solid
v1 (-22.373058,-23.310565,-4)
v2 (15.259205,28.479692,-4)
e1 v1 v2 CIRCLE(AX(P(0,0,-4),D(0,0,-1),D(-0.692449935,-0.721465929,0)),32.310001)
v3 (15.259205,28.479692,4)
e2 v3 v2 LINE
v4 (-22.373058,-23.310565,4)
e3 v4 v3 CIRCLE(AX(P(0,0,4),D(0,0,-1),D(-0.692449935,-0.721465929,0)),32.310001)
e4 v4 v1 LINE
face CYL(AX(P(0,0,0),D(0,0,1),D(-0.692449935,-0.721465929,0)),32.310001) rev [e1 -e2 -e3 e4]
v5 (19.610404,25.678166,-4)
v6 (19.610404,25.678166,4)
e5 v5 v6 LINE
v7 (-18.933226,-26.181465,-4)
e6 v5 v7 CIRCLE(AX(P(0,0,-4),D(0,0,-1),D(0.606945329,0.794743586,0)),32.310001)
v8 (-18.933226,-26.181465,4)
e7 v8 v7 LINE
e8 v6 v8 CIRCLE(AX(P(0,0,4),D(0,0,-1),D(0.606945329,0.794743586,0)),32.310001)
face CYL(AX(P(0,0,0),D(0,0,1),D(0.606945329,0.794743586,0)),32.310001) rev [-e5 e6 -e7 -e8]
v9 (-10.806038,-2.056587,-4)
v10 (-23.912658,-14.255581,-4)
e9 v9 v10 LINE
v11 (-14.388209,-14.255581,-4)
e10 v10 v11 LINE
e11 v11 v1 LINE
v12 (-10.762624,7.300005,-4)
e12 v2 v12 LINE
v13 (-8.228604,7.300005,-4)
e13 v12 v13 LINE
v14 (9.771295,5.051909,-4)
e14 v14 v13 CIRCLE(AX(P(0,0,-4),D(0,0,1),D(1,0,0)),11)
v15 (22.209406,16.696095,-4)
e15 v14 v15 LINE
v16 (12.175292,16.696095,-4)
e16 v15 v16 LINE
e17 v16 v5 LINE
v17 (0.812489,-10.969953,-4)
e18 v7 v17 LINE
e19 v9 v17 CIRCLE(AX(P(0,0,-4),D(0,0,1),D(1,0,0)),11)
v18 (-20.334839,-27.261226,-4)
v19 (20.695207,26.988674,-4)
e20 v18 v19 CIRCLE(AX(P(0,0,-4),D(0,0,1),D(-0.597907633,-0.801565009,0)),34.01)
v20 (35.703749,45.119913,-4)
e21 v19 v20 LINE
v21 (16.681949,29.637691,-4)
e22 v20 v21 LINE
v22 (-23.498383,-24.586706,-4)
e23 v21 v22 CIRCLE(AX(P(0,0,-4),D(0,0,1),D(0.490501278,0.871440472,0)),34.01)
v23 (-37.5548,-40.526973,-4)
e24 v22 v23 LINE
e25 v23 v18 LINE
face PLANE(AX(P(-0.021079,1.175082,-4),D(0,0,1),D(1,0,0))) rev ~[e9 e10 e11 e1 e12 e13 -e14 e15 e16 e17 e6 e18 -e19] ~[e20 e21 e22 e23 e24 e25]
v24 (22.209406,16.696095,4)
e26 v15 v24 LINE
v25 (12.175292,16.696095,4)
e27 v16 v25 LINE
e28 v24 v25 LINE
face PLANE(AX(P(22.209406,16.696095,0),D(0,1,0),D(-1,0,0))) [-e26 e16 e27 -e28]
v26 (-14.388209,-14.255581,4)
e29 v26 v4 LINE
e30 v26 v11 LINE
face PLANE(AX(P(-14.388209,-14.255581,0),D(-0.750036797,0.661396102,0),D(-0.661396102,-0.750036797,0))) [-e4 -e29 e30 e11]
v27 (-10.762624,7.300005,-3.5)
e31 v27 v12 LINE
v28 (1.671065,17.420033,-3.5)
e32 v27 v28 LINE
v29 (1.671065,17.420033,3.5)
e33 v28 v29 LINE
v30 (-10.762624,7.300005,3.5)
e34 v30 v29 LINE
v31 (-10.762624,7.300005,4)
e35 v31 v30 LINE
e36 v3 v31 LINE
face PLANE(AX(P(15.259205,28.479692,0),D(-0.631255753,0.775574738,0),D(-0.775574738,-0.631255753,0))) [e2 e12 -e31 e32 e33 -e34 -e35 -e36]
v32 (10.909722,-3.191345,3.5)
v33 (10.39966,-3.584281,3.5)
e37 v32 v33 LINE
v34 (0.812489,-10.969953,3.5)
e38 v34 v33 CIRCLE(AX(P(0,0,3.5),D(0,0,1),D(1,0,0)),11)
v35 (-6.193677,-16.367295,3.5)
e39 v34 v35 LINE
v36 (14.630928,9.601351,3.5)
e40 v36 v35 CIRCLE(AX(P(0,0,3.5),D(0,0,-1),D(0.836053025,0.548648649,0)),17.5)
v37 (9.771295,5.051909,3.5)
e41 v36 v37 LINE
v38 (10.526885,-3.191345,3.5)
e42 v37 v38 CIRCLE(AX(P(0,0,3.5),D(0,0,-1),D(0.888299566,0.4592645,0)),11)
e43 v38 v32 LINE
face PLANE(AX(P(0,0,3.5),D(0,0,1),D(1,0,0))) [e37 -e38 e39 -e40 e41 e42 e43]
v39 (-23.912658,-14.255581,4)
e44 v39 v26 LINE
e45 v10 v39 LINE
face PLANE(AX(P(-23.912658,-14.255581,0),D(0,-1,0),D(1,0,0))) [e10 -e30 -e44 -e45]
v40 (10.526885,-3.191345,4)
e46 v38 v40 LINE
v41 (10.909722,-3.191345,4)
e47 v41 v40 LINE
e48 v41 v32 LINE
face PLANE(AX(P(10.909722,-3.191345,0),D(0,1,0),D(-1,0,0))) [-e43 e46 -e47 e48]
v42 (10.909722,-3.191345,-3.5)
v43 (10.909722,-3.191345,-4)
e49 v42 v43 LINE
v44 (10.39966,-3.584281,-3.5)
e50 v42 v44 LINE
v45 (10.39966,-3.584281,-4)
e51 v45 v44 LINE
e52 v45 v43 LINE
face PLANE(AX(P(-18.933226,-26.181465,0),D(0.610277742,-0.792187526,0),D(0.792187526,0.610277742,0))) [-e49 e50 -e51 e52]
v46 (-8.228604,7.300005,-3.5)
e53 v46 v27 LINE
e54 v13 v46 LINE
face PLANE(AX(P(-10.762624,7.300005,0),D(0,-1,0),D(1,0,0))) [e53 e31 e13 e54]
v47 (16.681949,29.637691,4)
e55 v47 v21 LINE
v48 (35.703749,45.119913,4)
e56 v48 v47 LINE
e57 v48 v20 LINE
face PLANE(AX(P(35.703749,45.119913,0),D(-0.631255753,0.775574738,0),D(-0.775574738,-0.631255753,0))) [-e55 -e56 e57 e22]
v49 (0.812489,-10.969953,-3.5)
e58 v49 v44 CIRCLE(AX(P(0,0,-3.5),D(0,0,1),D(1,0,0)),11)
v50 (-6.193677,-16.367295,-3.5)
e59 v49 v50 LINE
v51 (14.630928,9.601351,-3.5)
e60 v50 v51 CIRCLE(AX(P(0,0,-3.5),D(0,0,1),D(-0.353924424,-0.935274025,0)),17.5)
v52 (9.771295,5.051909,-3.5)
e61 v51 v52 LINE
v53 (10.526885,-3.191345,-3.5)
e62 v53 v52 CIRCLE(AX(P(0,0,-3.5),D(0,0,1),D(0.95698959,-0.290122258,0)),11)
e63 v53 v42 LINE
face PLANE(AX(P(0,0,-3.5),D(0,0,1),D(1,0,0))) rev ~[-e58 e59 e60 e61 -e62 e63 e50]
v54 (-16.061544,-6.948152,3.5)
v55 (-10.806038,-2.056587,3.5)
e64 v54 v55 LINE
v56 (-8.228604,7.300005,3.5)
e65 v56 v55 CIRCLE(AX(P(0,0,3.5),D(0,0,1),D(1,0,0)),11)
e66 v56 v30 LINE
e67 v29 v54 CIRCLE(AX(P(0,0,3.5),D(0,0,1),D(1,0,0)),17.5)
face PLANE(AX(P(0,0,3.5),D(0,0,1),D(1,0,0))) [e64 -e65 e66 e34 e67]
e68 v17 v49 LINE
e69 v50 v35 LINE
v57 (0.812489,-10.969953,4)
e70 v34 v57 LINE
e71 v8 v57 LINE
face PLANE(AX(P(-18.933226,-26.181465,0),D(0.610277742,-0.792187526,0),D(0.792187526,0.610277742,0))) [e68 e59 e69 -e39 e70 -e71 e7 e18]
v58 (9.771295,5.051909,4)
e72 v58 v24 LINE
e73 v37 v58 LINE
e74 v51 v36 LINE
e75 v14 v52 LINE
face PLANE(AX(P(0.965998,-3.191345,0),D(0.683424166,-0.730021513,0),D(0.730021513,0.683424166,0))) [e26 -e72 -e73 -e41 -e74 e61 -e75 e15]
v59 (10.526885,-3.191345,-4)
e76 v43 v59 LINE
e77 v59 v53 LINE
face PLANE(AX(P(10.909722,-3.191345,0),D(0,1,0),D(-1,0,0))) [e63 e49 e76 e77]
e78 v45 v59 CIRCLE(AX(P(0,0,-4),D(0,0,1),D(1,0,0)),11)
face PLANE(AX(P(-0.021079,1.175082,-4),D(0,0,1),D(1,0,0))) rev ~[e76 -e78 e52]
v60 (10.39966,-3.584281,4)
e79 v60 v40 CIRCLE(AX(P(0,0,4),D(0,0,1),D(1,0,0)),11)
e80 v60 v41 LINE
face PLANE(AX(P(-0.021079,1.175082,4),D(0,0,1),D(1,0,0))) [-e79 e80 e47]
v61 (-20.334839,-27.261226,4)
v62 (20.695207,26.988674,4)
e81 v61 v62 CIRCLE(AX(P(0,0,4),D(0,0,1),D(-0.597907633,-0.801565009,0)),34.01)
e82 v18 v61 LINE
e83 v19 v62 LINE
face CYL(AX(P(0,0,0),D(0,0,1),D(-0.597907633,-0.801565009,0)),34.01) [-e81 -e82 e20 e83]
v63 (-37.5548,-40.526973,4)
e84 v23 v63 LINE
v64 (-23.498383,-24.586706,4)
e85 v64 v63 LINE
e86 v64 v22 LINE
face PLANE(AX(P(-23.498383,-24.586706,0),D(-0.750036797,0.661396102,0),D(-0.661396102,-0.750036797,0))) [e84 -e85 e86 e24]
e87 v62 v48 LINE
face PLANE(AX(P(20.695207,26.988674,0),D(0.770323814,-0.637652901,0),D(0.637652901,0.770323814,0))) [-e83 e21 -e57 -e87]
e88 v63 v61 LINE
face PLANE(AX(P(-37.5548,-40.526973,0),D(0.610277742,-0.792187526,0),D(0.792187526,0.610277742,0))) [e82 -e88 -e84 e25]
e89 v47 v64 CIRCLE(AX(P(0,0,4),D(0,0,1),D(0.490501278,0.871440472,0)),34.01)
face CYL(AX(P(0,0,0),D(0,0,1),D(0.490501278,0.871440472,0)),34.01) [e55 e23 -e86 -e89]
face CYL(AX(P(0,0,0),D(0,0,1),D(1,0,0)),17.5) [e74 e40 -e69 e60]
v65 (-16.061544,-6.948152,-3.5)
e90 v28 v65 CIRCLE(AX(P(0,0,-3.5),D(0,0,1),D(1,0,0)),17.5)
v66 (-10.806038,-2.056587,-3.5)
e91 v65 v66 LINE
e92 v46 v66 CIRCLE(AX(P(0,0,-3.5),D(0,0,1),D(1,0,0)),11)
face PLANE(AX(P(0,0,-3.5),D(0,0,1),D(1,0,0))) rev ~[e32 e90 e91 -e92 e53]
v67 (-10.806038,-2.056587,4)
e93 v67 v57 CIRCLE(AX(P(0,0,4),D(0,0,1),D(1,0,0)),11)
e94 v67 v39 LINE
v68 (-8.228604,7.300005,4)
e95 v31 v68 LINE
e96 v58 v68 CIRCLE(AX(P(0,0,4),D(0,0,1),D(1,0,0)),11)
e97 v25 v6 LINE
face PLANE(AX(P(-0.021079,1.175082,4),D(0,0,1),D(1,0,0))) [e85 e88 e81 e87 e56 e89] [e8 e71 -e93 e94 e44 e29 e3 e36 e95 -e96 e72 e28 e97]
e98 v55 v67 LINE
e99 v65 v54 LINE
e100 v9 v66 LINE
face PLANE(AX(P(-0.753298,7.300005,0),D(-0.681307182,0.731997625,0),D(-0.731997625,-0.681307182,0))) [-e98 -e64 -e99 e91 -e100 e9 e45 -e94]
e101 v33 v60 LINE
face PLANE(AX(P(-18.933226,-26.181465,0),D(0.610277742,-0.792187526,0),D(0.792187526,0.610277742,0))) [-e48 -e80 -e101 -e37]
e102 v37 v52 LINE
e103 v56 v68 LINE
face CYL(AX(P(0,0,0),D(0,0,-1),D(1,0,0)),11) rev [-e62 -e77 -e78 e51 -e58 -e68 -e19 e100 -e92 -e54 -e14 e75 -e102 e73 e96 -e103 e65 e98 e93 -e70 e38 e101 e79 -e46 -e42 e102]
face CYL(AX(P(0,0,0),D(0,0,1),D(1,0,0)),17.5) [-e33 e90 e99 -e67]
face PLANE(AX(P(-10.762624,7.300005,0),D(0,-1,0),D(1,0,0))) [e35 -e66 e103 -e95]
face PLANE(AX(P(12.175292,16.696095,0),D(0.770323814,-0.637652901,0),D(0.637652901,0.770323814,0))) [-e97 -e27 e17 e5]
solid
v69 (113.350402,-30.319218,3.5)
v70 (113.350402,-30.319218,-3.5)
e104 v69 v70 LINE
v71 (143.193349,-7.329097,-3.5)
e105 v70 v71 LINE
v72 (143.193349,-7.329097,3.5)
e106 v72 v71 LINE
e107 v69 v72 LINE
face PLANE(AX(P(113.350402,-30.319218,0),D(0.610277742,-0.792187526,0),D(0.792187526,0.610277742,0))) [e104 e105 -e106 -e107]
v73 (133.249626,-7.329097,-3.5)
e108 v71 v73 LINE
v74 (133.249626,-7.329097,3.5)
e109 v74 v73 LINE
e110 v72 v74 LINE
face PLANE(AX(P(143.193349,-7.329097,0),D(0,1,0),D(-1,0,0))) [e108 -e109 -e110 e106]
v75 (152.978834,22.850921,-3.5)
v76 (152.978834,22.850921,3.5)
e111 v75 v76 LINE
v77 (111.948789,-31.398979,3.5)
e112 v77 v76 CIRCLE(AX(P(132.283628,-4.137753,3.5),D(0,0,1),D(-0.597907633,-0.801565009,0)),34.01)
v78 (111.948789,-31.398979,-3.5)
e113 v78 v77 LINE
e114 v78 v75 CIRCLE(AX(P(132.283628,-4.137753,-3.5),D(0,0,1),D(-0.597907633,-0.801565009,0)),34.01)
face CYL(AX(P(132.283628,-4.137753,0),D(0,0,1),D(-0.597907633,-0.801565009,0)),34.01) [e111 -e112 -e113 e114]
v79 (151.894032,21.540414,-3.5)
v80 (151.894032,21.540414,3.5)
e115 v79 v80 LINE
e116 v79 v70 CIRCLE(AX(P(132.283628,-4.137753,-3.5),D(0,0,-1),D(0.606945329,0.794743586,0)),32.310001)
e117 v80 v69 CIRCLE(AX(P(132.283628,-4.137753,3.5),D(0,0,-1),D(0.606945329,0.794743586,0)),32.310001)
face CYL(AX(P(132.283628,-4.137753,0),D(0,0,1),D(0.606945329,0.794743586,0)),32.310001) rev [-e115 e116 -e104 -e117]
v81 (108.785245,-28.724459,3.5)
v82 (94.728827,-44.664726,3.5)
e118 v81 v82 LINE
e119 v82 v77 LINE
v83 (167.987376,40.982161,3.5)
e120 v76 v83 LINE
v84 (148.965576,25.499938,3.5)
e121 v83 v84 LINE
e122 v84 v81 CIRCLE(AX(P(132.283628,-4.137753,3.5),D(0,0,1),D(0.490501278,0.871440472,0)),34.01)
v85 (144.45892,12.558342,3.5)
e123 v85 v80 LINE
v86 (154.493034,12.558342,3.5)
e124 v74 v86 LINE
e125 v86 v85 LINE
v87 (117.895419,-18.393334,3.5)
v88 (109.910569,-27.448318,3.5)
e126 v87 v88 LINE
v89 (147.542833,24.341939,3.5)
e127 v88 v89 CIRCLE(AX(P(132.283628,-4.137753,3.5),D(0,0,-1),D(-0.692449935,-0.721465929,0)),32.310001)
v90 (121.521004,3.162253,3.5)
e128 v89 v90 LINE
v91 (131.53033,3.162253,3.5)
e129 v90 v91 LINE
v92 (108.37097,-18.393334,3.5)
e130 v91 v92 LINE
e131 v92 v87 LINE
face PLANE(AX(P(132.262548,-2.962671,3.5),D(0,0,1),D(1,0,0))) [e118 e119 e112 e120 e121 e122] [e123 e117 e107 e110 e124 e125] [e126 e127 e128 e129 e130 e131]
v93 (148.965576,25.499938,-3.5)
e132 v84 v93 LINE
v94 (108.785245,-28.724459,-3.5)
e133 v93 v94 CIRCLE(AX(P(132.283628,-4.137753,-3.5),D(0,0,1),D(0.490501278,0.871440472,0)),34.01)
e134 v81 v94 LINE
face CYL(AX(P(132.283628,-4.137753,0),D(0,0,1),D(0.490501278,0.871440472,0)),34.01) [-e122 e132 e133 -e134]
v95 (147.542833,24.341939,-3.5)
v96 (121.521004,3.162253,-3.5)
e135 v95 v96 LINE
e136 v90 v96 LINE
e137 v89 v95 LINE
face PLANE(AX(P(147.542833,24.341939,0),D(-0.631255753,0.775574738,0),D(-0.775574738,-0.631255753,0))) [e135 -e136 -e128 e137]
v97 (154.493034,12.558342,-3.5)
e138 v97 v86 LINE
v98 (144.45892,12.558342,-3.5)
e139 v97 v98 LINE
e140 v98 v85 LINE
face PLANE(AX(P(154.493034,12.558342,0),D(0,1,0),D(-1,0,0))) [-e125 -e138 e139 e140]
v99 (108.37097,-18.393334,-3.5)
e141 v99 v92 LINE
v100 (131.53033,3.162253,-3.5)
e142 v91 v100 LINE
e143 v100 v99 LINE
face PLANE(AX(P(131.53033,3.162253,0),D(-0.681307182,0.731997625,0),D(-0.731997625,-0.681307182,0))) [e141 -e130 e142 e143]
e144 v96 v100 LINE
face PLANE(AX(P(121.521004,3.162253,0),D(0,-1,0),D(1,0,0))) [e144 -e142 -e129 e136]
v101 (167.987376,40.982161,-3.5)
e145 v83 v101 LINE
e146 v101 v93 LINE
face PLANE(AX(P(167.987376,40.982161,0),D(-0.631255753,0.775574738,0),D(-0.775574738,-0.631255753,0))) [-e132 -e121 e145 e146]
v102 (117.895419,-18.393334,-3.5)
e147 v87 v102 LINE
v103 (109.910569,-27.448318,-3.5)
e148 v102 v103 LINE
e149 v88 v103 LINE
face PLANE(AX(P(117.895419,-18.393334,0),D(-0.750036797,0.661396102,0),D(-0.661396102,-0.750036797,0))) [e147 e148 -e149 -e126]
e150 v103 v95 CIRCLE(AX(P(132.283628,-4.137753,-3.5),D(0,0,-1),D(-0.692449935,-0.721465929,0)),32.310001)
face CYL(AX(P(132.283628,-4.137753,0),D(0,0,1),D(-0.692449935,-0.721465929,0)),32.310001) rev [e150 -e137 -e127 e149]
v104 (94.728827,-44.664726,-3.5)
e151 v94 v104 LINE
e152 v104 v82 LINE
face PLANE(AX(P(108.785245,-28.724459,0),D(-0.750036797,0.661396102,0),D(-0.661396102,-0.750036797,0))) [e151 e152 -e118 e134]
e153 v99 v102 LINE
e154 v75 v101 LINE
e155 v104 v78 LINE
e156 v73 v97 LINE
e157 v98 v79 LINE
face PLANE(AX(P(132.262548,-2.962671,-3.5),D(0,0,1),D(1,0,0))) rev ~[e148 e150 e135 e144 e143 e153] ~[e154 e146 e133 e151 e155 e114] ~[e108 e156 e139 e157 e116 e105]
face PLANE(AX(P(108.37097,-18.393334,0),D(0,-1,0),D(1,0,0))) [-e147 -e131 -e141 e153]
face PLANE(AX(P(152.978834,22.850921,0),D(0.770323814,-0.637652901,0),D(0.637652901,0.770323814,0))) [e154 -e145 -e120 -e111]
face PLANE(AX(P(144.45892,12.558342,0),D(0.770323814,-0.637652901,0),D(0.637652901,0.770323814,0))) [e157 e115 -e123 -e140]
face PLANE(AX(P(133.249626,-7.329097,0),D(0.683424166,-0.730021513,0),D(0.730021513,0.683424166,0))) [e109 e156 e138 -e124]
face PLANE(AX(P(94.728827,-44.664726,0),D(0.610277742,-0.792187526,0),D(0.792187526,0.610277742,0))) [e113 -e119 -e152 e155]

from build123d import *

# Parameters (mm, degrees)
F1_DEPTH = 4
F3_DEPTH = 3.5
F0_R     = 17.5
F0_R_2   = 11
F4_DEPTH = 12.5


with BuildPart() as f1:
    # F0 (on Top) → F1 (new body, symmetric)
    with BuildSketch(Plane.XY):
        with BuildLine():
            Line((108.7852449225, -28.7244588639), (94.7288274765, -44.6647256613))
            Line((94.7288274765, -44.6647256613), (111.948788965, -31.3989787612))
            ThreePointArc((111.948788965, -31.3989787612), (159.4091762592, -24.6532280154), (152.9788344756, 22.8509214853))
            Line((152.9788344756, 22.8509214853), (167.9873764515, 40.9821607172))
            Line((167.9873764515, 40.9821607172), (148.9655762499, 25.4999380126))
            ThreePointArc((148.9655762499, 25.4999380126), (104.9580490458, 16.1105279599), (108.7852449225, -28.7244588639))
        make_face()
        with BuildLine():
            Line((154.493033886, 12.5583419576), (144.4589197636, 12.5583419576))
            Line((144.4589197636, 12.5583419576), (151.894032038, 21.5404136059))
            ThreePointArc((151.894032038, 21.5404136059), (158.2156540419, -23.4112108102), (113.3504015781, -30.3192180319))
            Line((113.3504015781, -30.3192180319), (143.1933492422, -7.3290974833))
            Line((143.1933492422, -7.3290974833), (133.2496255636, -7.3290974833))
            Line((133.2496255636, -7.3290974833), (154.493033886, 12.5583419576))
        make_face(mode=Mode.SUBTRACT)
        with BuildLine():
            Line((108.3709695976, -18.3933340013), (117.8954188988, -18.3933340013))
            Line((117.8954188988, -18.3933340013), (109.910569413, -27.4483177218))
            ThreePointArc((109.910569413, -27.4483177218), (106.1453531249, 14.8550560972), (147.5428330502, 24.3419389359))
            Line((147.5428330502, 24.3419389359), (121.5210035443, 3.1622527167))
            Line((121.5210035443, 3.1622527167), (131.5303295851, 3.1622527167))
            Line((131.5303295851, 3.1622527167), (108.3709695976, -18.3933340013))
        make_face(mode=Mode.SUBTRACT)
    extrude(amount=F1_DEPTH, both=True)


with BuildPart() as f1_1:
    # F2: moved
    add(f1.part.moved(Location((-132.2836276846, 4.137752642, 0))))

    # F0 (on Top) → F3, piece 2 (join, symmetric)
    with BuildSketch(Plane.XY):
        Circle(F0_R)
        Circle(F0_R_2, mode=Mode.SUBTRACT)
    extrude(amount=F3_DEPTH, both=True)

    # F0 (on Top) → F4 (cut, symmetric)
    with BuildSketch(Plane.XY):
        Circle(F0_R_2)
    extrude(amount=F4_DEPTH, both=True, mode=Mode.SUBTRACT)


with BuildPart() as f3:
    # F0 (on Top) → F3 (new body, symmetric)
    with BuildSketch(Plane.XY):
        with BuildLine():
            Line((108.7852449225, -28.7244588639), (94.7288274765, -44.6647256613))
            Line((94.7288274765, -44.6647256613), (111.948788965, -31.3989787612))
            ThreePointArc((111.948788965, -31.3989787612), (159.4091762592, -24.6532280154), (152.9788344756, 22.8509214853))
            Line((152.9788344756, 22.8509214853), (167.9873764515, 40.9821607172))
            Line((167.9873764515, 40.9821607172), (148.9655762499, 25.4999380126))
            ThreePointArc((148.9655762499, 25.4999380126), (104.9580490458, 16.1105279599), (108.7852449225, -28.7244588639))
        make_face()
        with BuildLine():
            Line((154.493033886, 12.5583419576), (144.4589197636, 12.5583419576))
            Line((144.4589197636, 12.5583419576), (151.894032038, 21.5404136059))
            ThreePointArc((151.894032038, 21.5404136059), (158.2156540419, -23.4112108102), (113.3504015781, -30.3192180319))
            Line((113.3504015781, -30.3192180319), (143.1933492422, -7.3290974833))
            Line((143.1933492422, -7.3290974833), (133.2496255636, -7.3290974833))
            Line((133.2496255636, -7.3290974833), (154.493033886, 12.5583419576))
        make_face(mode=Mode.SUBTRACT)
        with BuildLine():
            Line((108.3709695976, -18.3933340013), (117.8954188988, -18.3933340013))
            Line((117.8954188988, -18.3933340013), (109.910569413, -27.4483177218))
            ThreePointArc((109.910569413, -27.4483177218), (106.1453531249, 14.8550560972), (147.5428330502, 24.3419389359))
            Line((147.5428330502, 24.3419389359), (121.5210035443, 3.1622527167))
            Line((121.5210035443, 3.1622527167), (131.5303295851, 3.1622527167))
            Line((131.5303295851, 3.1622527167), (108.3709695976, -18.3933340013))
        make_face(mode=Mode.SUBTRACT)
    extrude(amount=F3_DEPTH, both=True)


solid = Compound([f1_1.part, f3.part])
